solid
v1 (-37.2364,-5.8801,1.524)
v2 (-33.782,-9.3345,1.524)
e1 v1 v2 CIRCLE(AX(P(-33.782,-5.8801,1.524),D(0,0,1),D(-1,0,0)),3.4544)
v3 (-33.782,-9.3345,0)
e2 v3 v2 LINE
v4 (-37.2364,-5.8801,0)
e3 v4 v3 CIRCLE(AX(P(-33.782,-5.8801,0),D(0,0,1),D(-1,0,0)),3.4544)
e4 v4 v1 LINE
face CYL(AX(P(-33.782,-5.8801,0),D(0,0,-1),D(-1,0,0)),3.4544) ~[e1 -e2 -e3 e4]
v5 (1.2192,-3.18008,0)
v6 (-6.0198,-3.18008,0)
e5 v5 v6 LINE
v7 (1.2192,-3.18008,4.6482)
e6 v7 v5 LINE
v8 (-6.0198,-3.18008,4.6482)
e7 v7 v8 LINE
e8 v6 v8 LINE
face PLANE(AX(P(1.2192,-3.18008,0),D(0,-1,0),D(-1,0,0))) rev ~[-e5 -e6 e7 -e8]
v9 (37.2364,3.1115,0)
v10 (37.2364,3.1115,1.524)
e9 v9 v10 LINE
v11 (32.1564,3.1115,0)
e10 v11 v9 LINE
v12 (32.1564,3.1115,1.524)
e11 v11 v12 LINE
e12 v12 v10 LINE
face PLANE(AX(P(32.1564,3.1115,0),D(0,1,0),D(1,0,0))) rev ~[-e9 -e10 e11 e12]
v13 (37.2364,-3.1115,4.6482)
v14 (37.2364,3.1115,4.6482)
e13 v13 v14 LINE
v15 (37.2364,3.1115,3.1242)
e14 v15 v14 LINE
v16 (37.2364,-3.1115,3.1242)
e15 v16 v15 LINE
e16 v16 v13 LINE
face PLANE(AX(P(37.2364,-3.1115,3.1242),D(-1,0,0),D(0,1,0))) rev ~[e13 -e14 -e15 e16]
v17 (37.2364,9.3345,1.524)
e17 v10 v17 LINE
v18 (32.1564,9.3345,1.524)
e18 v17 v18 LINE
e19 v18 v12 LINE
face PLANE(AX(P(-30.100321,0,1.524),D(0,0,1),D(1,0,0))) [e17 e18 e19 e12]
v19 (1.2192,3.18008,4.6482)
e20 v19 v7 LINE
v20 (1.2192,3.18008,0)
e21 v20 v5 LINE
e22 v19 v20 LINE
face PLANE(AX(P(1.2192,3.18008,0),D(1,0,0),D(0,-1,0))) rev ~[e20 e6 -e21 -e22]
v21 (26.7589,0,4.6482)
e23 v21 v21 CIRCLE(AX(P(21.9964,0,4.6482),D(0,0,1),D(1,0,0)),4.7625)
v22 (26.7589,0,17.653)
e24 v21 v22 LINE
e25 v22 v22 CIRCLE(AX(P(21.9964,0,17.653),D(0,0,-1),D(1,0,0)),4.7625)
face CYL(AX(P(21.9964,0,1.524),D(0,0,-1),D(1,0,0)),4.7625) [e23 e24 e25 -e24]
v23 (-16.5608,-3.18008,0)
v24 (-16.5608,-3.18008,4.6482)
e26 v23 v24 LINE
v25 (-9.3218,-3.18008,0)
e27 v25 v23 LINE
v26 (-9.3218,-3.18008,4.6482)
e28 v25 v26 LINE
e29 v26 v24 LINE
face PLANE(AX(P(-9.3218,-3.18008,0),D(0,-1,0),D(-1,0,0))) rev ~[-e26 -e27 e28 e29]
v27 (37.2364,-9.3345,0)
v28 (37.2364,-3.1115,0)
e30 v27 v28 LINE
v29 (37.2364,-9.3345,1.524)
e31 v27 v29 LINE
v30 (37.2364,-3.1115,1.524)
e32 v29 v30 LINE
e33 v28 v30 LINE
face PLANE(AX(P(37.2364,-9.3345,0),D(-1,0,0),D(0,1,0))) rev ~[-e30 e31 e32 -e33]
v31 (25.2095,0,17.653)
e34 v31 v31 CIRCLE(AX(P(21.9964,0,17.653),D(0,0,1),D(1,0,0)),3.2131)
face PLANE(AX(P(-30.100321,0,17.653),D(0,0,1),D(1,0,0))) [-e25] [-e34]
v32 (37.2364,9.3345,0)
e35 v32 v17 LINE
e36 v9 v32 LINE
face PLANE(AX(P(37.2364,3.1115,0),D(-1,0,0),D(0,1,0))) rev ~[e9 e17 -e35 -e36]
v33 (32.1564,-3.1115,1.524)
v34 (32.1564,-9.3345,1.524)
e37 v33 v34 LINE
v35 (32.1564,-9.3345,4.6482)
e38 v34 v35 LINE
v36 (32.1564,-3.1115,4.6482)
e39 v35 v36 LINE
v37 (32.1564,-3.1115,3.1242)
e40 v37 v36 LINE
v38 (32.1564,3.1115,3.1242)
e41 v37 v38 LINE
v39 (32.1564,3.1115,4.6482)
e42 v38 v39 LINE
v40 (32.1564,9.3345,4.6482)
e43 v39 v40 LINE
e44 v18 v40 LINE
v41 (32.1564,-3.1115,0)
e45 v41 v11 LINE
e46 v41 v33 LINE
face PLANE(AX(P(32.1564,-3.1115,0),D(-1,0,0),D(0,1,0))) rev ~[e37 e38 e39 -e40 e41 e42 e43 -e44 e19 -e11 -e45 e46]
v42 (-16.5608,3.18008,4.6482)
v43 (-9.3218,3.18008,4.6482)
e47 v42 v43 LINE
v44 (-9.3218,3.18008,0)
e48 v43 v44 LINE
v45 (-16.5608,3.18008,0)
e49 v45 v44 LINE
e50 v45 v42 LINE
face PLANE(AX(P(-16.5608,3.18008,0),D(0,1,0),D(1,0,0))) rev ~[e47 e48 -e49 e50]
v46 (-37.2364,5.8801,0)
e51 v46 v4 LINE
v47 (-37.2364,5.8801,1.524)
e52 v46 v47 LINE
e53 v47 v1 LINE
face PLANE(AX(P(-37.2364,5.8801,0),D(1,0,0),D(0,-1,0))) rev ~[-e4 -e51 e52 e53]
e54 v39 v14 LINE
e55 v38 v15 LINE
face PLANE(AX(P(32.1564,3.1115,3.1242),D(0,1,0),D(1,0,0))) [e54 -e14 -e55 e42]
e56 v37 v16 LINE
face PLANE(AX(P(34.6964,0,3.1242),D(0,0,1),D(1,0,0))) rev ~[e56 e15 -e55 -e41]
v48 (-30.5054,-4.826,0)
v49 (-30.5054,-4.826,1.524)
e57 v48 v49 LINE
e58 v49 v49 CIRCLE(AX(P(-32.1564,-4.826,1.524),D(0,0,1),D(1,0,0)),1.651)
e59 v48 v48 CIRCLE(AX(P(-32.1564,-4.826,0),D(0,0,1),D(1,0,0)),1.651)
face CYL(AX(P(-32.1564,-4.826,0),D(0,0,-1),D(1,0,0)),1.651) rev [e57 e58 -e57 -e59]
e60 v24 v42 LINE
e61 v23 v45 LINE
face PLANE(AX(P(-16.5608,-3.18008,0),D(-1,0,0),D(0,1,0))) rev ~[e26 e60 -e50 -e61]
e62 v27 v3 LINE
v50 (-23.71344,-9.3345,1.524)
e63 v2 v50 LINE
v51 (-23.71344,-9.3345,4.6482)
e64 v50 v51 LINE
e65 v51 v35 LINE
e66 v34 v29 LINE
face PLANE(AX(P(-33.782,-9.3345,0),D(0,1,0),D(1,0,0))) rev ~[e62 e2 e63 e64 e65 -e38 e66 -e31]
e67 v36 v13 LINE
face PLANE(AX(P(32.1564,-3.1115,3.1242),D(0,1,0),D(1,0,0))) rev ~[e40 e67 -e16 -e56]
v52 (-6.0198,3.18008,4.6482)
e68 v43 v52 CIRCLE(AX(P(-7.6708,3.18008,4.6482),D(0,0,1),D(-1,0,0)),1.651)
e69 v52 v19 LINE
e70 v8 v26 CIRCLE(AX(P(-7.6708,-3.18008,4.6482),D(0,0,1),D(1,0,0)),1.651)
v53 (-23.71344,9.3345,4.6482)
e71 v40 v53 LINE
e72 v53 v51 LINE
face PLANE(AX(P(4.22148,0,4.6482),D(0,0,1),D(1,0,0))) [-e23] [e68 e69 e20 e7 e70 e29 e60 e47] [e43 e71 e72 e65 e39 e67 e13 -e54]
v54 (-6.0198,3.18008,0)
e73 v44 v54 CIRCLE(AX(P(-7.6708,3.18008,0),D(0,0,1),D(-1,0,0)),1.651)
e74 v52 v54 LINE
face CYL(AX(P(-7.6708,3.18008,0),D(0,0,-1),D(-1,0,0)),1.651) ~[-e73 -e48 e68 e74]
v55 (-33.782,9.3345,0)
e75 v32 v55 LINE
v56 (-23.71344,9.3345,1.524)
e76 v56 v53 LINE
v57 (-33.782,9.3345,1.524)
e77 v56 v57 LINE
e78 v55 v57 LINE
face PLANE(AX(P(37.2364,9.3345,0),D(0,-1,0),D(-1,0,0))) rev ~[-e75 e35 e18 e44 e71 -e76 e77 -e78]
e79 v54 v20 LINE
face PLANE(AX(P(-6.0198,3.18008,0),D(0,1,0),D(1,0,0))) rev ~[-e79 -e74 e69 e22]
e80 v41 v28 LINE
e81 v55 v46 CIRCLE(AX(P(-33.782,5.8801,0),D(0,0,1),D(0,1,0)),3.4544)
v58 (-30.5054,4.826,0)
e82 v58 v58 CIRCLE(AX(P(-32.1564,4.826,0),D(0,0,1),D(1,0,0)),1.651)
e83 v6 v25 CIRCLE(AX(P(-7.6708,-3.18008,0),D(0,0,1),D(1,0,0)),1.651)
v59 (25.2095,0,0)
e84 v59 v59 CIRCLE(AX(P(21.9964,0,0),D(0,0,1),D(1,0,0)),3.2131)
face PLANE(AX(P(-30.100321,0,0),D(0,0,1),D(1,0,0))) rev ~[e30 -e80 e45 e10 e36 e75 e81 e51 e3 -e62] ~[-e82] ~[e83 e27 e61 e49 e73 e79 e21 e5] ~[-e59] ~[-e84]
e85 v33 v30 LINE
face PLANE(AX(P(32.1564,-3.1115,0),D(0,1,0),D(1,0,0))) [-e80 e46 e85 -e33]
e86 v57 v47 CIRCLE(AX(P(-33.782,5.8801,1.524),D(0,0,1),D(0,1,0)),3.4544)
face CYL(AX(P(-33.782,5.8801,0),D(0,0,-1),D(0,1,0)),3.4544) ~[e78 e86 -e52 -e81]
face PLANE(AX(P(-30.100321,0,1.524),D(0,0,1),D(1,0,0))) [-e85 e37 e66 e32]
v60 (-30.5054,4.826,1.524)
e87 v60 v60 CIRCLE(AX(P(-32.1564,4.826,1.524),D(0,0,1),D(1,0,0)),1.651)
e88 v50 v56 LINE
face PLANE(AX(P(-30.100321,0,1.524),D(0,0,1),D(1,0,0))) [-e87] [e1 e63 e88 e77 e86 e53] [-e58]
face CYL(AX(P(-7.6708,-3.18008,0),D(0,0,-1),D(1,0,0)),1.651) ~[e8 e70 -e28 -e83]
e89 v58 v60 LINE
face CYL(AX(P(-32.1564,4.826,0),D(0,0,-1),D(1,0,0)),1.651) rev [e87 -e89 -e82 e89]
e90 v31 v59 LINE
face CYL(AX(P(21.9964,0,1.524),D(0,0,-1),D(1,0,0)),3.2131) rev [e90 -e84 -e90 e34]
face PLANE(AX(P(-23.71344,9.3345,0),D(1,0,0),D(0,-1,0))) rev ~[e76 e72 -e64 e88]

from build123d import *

# Parameters (mm, degrees)
F0_R     = 1.651
F0_R_2   = 4.7625
F0_R_3   = 3.2131
F0_W     = 5.08
F0_H     = 6.223
F1_DEPTH = 1.524
F2_DEPTH = 4.6482
F3_START = 3.1242
F3_DEPTH = 1.524
F4_DEPTH = 16.129


with BuildPart() as f1:
    # F0 (on Top) → F1 (new body)
    with BuildSketch(Plane.XY):
        with BuildLine():
            Line((-23.71344, 0), (-23.71344, 9.3345))
            Line((-23.71344, 9.3345), (-33.782, 9.3345))
            ThreePointArc((-33.782, 9.3345), (-36.2246296649, 8.3227296649), (-37.2364, 5.8801))
            Line((-37.2364, 5.8801), (-37.2364, -5.8801))
            ThreePointArc((-37.2364, -5.8801), (-36.2246296649, -8.3227296649), (-33.782, -9.3345))
            Line((-33.782, -9.3345), (-23.71344, -9.3345))
            Line((-23.71344, -9.3345), (-23.71344, 0))
        make_face()
        with Locations((-32.1564, -4.826)):
            Circle(F0_R, mode=Mode.SUBTRACT)
        with Locations((-32.1564, 4.826)):
            Circle(F0_R, mode=Mode.SUBTRACT)
        Polygon((32.1564, 3.1115), (32.1564, 9.3345), (-23.71344, 9.3345), (-23.71344, 0), (-23.71344, -9.3345), (32.1564, -9.3345), (32.1564, -3.1115), align=None)
        Polygon((-9.3218, -3.18008), (-16.5608, -3.18008), (-16.5608, 3.18008), (-9.3218, 3.18008), (-7.6708, 3.18008), (-6.0198, 3.18008), (1.2192, 3.18008), (1.2192, -3.18008), (-6.0198, -3.18008), (-7.6708, -3.18008), align=None, mode=Mode.SUBTRACT)
        with Locations((21.9964, 0)):
            Circle(F0_R_2, mode=Mode.SUBTRACT)
        with Locations((21.9964, 0)):
            Circle(F0_R_2)
        with Locations((21.9964, 0)):
            Circle(F0_R_3, mode=Mode.SUBTRACT)
        with Locations((34.6964, -6.223)):
            Rectangle(F0_W, F0_H)
        with Locations((34.6964, 6.223)):
            Rectangle(F0_W, F0_H)
        with BuildLine():
            ThreePointArc((-6.0198, -3.18008), (-7.6708, -1.52908), (-9.3218, -3.18008))
            Line((-9.3218, -3.18008), (-7.6708, -3.18008))
            Line((-7.6708, -3.18008), (-6.0198, -3.18008))
        make_face()
        with BuildLine():
            Line((-7.6708, 3.18008), (-9.3218, 3.18008))
            ThreePointArc((-9.3218, 3.18008), (-7.6708, 1.52908), (-6.0198, 3.18008))
            Line((-6.0198, 3.18008), (-7.6708, 3.18008))
        make_face()
    extrude(amount=F1_DEPTH)

    # F0 (on Top) → F2 (join)
    with BuildSketch(Plane.XY):
        Polygon((32.1564, 3.1115), (32.1564, 9.3345), (-23.71344, 9.3345), (-23.71344, 0), (-23.71344, -9.3345), (32.1564, -9.3345), (32.1564, -3.1115), align=None)
        Polygon((-9.3218, -3.18008), (-16.5608, -3.18008), (-16.5608, 3.18008), (-9.3218, 3.18008), (-7.6708, 3.18008), (-6.0198, 3.18008), (1.2192, 3.18008), (1.2192, -3.18008), (-6.0198, -3.18008), (-7.6708, -3.18008), align=None, mode=Mode.SUBTRACT)
        with Locations((21.9964, 0)):
            Circle(F0_R_2, mode=Mode.SUBTRACT)
        with BuildLine():
            ThreePointArc((-6.0198, -3.18008), (-7.6708, -1.52908), (-9.3218, -3.18008))
            Line((-9.3218, -3.18008), (-7.6708, -3.18008))
            Line((-7.6708, -3.18008), (-6.0198, -3.18008))
        make_face()
        with BuildLine():
            Line((-7.6708, 3.18008), (-9.3218, 3.18008))
            ThreePointArc((-9.3218, 3.18008), (-7.6708, 1.52908), (-6.0198, 3.18008))
            Line((-6.0198, 3.18008), (-7.6708, 3.18008))
        make_face()
    extrude(amount=F2_DEPTH)

    # F0 (on Top) → F3 (join)
    with BuildSketch(Plane.XY.offset(F3_START)):
        with Locations((34.6964, 0)):
            Rectangle(F0_W, F0_H)
    extrude(amount=F3_DEPTH)

    # F4 (add): a face of the model
    f4_faces = [f1.faces().sort_by_distance(p)[0] for p in [
        (17.3686038418, 0, 1.524),
    ]]
    extrude(f4_faces, amount=F4_DEPTH)


solid = f1.part
